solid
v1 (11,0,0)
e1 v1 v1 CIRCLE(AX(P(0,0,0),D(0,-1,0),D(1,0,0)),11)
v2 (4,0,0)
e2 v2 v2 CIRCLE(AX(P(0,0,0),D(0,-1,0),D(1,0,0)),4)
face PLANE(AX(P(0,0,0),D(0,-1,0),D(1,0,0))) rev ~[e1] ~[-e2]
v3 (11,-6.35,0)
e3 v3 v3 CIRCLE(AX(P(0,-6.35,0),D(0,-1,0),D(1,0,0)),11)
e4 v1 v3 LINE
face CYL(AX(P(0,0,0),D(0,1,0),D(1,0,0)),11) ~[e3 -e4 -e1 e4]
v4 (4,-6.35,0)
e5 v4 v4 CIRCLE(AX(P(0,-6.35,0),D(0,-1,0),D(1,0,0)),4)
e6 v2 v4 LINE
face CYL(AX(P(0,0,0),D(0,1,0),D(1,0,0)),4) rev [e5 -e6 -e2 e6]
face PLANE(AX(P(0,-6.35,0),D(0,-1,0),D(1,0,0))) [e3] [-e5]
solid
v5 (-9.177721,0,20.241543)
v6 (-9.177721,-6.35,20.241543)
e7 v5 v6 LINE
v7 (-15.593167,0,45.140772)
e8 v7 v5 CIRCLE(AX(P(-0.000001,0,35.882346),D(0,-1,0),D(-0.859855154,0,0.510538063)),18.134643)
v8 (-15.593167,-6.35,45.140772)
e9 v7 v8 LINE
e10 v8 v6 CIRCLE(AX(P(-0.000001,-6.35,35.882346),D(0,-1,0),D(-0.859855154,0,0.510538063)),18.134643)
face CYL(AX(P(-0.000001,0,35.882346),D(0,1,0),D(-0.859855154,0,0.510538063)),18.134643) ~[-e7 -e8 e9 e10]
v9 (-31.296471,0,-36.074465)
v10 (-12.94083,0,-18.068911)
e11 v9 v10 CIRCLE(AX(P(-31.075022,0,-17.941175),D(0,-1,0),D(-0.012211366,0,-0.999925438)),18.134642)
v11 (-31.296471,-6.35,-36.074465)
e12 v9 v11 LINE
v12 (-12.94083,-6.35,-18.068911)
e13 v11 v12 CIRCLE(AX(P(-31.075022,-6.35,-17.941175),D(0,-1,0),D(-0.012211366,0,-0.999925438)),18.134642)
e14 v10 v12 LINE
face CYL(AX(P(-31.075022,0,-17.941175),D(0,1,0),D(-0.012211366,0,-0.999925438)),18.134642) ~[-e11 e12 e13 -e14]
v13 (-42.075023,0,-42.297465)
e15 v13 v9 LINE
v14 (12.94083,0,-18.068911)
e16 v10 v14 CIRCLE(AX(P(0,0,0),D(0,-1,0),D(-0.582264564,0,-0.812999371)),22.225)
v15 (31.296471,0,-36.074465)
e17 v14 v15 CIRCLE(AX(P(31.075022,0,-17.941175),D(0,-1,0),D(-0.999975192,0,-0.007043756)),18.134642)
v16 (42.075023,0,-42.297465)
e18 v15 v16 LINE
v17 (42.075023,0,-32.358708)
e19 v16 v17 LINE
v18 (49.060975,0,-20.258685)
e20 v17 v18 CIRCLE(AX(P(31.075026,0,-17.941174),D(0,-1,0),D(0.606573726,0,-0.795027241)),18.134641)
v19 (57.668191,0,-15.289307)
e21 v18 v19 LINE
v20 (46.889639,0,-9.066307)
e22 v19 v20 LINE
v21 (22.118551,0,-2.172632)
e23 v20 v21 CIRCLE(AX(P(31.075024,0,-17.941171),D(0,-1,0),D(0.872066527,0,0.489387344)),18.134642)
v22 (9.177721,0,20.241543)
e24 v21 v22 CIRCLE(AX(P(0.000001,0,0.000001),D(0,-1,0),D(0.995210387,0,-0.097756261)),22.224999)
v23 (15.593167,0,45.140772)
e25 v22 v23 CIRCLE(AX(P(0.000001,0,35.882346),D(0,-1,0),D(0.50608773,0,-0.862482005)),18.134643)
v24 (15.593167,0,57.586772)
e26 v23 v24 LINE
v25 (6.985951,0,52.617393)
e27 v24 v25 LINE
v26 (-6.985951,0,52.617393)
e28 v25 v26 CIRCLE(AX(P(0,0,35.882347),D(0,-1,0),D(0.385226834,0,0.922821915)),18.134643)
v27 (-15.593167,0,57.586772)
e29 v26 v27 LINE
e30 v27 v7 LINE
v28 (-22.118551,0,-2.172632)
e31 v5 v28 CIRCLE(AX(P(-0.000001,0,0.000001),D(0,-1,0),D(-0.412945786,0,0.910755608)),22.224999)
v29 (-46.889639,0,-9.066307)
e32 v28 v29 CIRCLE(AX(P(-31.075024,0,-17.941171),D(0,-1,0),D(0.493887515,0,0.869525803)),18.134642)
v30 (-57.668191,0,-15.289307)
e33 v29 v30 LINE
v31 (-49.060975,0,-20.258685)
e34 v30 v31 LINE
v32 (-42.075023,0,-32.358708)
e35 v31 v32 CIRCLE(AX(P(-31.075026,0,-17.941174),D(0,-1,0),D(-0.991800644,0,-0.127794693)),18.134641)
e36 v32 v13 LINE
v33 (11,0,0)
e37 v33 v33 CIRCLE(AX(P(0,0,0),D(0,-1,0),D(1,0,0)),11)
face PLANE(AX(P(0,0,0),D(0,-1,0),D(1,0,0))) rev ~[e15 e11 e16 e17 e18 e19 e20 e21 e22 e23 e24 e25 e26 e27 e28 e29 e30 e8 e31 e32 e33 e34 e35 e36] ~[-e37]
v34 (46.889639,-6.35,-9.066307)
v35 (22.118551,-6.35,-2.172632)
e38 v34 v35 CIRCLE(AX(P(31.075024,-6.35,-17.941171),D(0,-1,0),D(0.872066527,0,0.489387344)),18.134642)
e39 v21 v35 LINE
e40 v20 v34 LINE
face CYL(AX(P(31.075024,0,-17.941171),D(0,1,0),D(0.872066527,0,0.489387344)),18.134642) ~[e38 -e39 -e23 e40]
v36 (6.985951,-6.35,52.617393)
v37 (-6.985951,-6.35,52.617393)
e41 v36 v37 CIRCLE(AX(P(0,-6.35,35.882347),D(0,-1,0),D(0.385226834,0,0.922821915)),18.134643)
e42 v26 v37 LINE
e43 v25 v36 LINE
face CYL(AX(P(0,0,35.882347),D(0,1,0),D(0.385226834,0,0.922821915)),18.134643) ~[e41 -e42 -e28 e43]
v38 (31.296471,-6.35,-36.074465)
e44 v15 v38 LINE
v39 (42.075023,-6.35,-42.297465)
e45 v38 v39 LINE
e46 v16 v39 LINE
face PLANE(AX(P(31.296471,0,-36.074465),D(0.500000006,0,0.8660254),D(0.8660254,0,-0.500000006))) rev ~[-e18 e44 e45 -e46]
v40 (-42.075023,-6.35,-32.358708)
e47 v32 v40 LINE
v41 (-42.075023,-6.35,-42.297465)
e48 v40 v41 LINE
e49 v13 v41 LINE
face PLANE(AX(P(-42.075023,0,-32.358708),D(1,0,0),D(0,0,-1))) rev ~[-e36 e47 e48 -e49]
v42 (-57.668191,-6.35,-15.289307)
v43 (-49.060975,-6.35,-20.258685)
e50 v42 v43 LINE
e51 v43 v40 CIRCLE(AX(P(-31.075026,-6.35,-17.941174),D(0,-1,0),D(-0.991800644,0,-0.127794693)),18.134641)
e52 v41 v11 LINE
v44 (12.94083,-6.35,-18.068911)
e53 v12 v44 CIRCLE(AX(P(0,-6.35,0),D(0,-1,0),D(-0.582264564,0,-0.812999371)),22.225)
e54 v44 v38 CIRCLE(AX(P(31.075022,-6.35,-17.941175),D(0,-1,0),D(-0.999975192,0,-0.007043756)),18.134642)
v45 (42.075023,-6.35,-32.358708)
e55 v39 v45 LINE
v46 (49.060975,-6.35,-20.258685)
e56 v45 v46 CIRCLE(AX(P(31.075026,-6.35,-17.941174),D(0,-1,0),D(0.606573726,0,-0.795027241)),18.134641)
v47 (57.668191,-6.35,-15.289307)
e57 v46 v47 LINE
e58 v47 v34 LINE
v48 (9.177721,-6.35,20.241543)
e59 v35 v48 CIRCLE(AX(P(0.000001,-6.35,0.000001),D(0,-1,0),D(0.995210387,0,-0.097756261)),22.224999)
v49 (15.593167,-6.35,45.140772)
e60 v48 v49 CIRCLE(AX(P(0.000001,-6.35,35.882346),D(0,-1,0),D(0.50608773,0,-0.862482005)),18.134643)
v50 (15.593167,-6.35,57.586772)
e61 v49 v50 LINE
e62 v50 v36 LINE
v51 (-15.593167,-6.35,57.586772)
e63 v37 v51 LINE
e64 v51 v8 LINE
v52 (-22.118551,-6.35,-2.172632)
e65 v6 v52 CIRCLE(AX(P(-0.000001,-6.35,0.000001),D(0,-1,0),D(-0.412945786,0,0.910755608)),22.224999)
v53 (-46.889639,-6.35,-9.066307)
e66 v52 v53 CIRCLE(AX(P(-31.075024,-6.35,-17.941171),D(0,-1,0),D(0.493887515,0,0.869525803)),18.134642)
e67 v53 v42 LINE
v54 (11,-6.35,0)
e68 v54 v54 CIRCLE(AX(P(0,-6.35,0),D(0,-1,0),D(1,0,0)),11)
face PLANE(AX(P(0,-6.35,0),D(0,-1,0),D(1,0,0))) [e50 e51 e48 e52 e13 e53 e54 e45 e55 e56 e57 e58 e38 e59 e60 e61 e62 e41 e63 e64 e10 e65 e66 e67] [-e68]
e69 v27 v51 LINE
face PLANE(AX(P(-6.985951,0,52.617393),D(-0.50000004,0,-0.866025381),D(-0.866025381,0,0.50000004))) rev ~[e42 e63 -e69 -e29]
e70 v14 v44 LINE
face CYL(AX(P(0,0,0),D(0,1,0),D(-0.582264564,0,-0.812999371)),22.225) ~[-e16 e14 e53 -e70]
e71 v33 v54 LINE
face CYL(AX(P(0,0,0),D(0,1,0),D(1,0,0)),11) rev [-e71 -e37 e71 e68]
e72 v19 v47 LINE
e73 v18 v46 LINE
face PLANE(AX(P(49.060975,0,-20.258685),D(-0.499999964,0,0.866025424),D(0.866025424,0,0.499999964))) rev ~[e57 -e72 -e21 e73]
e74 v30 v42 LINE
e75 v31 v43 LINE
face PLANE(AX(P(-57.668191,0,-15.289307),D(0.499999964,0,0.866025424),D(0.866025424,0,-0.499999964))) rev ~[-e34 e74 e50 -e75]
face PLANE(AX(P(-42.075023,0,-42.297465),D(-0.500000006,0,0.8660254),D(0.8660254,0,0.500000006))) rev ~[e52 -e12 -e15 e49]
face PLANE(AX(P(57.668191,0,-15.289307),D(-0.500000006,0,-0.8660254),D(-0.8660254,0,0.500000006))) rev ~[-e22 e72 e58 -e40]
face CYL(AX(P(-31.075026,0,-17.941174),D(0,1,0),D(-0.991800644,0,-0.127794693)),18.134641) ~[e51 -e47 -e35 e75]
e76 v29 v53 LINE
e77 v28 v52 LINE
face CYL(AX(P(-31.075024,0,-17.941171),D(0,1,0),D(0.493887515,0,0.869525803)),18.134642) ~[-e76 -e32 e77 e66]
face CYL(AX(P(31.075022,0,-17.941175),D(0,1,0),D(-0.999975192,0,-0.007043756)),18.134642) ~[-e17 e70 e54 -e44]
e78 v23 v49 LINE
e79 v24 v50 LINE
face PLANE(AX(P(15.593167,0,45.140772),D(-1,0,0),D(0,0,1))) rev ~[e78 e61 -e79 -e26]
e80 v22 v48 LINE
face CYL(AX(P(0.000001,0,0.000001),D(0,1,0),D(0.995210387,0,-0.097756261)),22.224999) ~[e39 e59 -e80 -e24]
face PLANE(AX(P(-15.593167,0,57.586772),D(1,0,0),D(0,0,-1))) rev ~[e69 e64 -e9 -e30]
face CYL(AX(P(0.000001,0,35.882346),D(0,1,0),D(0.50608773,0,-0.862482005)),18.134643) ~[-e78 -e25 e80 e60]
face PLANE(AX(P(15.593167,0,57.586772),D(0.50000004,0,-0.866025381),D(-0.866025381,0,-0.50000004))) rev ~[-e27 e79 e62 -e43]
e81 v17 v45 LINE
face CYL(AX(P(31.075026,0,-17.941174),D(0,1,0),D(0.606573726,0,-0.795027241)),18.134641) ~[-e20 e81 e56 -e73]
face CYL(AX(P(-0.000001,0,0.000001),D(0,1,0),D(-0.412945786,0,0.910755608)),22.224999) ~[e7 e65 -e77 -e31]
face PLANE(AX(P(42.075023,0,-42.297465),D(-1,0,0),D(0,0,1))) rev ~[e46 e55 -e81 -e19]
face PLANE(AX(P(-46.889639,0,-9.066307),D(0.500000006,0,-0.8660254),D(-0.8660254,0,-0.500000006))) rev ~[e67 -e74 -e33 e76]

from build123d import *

# Parameters (mm, degrees)
F0_R     = 11
F1_DEPTH = 6.35
F0_R_2   = 4
F2_DEPTH = 6.35


with BuildPart() as f1:
    # F0 (on Front) → F1 (new body)
    with BuildSketch(Plane.XZ):
        with BuildLine():
            ThreePointArc((-15.593167, 45.140772), (-17.561097, 31.357617), (-9.177721, 20.241543))
            ThreePointArc((-9.177721, 20.241543), (-19.247415, 11.1125), (-22.118551, -2.172632))
            ThreePointArc((-22.118551, -2.172632), (-35.937042, -0.470452), (-46.889639, -9.066307))
            ThreePointArc((-46.889639, -9.066307), (-48.877745, -14.487422), (-49.060975, -20.258685))
            ThreePointArc((-49.060975, -20.258685), (-46.780086, -27.008495), (-42.075023, -32.358708))
            ThreePointArc((-42.075023, -32.358708), (-36.985348, -35.085658), (-31.296471, -36.074465))
            ThreePointArc((-31.296471, -36.074465), (-18.375944, -30.887165), (-12.94083, -18.068911))
            ThreePointArc((-12.94083, -18.068911), (0, -22.225), (12.94083, -18.068911))
            ThreePointArc((12.94083, -18.068911), (18.375944, -30.887165), (31.296471, -36.074465))
            ThreePointArc((31.296471, -36.074465), (36.985348, -35.085658), (42.075023, -32.358708))
            ThreePointArc((42.075023, -32.358708), (46.780086, -27.008495), (49.060975, -20.258685))
            ThreePointArc((49.060975, -20.258685), (48.877745, -14.487422), (46.889639, -9.066307))
            ThreePointArc((46.889639, -9.066307), (35.937042, -0.470452), (22.118551, -2.172632))
            ThreePointArc((22.118551, -2.172632), (19.247415, 11.1125), (9.177721, 20.241543))
            ThreePointArc((9.177721, 20.241543), (17.561097, 31.357617), (15.593167, 45.140772))
            ThreePointArc((15.593167, 45.140772), (11.892397, 49.57308), (6.985951, 52.617393))
            ThreePointArc((6.985951, 52.617393), (0, 54.01699), (-6.985951, 52.617393))
            ThreePointArc((-6.985951, 52.617393), (-11.892397, 49.57308), (-15.593167, 45.140772))
        make_face()
        Circle(F0_R, mode=Mode.SUBTRACT)
        with BuildLine():
            Line((-15.593167, 57.586772), (-15.593167, 45.140772))
            ThreePointArc((-15.593167, 45.140772), (-11.892397, 49.57308), (-6.985951, 52.617393))
            Line((-6.985951, 52.617393), (-15.593167, 57.586772))
        make_face()
        with BuildLine():
            ThreePointArc((-49.060975, -20.258685), (-48.877745, -14.487422), (-46.889639, -9.066307))
            Line((-46.889639, -9.066307), (-57.668191, -15.289307))
            Line((-57.668191, -15.289307), (-49.060975, -20.258685))
        make_face()
        with BuildLine():
            Line((15.593167, 57.586772), (6.985951, 52.617393))
            ThreePointArc((6.985951, 52.617393), (11.892397, 49.57308), (15.593167, 45.140772))
            Line((15.593167, 45.140772), (15.593167, 57.586772))
        make_face()
        with BuildLine():
            ThreePointArc((-31.296471, -36.074465), (-36.985348, -35.085658), (-42.075023, -32.358708))
            Line((-42.075023, -32.358708), (-42.075023, -42.297465))
            Line((-42.075023, -42.297465), (-31.296471, -36.074465))
        make_face()
        with BuildLine():
            Line((57.668191, -15.289307), (46.889639, -9.066307))
            ThreePointArc((46.889639, -9.066307), (48.877745, -14.487422), (49.060975, -20.258685))
            Line((49.060975, -20.258685), (57.668191, -15.289307))
        make_face()
        with BuildLine():
            ThreePointArc((42.075023, -32.358708), (36.985348, -35.085658), (31.296471, -36.074465))
            Line((31.296471, -36.074465), (42.075023, -42.297465))
            Line((42.075023, -42.297465), (42.075023, -32.358708))
        make_face()
    extrude(amount=F1_DEPTH)


with BuildPart() as f2:
    # F0 (on Front) → F2 (new body)
    with BuildSketch(Plane.XZ):
        Circle(F0_R)
        Circle(F0_R_2, mode=Mode.SUBTRACT)
    extrude(amount=F2_DEPTH)


solid = Compound([f1.part, f2.part])
